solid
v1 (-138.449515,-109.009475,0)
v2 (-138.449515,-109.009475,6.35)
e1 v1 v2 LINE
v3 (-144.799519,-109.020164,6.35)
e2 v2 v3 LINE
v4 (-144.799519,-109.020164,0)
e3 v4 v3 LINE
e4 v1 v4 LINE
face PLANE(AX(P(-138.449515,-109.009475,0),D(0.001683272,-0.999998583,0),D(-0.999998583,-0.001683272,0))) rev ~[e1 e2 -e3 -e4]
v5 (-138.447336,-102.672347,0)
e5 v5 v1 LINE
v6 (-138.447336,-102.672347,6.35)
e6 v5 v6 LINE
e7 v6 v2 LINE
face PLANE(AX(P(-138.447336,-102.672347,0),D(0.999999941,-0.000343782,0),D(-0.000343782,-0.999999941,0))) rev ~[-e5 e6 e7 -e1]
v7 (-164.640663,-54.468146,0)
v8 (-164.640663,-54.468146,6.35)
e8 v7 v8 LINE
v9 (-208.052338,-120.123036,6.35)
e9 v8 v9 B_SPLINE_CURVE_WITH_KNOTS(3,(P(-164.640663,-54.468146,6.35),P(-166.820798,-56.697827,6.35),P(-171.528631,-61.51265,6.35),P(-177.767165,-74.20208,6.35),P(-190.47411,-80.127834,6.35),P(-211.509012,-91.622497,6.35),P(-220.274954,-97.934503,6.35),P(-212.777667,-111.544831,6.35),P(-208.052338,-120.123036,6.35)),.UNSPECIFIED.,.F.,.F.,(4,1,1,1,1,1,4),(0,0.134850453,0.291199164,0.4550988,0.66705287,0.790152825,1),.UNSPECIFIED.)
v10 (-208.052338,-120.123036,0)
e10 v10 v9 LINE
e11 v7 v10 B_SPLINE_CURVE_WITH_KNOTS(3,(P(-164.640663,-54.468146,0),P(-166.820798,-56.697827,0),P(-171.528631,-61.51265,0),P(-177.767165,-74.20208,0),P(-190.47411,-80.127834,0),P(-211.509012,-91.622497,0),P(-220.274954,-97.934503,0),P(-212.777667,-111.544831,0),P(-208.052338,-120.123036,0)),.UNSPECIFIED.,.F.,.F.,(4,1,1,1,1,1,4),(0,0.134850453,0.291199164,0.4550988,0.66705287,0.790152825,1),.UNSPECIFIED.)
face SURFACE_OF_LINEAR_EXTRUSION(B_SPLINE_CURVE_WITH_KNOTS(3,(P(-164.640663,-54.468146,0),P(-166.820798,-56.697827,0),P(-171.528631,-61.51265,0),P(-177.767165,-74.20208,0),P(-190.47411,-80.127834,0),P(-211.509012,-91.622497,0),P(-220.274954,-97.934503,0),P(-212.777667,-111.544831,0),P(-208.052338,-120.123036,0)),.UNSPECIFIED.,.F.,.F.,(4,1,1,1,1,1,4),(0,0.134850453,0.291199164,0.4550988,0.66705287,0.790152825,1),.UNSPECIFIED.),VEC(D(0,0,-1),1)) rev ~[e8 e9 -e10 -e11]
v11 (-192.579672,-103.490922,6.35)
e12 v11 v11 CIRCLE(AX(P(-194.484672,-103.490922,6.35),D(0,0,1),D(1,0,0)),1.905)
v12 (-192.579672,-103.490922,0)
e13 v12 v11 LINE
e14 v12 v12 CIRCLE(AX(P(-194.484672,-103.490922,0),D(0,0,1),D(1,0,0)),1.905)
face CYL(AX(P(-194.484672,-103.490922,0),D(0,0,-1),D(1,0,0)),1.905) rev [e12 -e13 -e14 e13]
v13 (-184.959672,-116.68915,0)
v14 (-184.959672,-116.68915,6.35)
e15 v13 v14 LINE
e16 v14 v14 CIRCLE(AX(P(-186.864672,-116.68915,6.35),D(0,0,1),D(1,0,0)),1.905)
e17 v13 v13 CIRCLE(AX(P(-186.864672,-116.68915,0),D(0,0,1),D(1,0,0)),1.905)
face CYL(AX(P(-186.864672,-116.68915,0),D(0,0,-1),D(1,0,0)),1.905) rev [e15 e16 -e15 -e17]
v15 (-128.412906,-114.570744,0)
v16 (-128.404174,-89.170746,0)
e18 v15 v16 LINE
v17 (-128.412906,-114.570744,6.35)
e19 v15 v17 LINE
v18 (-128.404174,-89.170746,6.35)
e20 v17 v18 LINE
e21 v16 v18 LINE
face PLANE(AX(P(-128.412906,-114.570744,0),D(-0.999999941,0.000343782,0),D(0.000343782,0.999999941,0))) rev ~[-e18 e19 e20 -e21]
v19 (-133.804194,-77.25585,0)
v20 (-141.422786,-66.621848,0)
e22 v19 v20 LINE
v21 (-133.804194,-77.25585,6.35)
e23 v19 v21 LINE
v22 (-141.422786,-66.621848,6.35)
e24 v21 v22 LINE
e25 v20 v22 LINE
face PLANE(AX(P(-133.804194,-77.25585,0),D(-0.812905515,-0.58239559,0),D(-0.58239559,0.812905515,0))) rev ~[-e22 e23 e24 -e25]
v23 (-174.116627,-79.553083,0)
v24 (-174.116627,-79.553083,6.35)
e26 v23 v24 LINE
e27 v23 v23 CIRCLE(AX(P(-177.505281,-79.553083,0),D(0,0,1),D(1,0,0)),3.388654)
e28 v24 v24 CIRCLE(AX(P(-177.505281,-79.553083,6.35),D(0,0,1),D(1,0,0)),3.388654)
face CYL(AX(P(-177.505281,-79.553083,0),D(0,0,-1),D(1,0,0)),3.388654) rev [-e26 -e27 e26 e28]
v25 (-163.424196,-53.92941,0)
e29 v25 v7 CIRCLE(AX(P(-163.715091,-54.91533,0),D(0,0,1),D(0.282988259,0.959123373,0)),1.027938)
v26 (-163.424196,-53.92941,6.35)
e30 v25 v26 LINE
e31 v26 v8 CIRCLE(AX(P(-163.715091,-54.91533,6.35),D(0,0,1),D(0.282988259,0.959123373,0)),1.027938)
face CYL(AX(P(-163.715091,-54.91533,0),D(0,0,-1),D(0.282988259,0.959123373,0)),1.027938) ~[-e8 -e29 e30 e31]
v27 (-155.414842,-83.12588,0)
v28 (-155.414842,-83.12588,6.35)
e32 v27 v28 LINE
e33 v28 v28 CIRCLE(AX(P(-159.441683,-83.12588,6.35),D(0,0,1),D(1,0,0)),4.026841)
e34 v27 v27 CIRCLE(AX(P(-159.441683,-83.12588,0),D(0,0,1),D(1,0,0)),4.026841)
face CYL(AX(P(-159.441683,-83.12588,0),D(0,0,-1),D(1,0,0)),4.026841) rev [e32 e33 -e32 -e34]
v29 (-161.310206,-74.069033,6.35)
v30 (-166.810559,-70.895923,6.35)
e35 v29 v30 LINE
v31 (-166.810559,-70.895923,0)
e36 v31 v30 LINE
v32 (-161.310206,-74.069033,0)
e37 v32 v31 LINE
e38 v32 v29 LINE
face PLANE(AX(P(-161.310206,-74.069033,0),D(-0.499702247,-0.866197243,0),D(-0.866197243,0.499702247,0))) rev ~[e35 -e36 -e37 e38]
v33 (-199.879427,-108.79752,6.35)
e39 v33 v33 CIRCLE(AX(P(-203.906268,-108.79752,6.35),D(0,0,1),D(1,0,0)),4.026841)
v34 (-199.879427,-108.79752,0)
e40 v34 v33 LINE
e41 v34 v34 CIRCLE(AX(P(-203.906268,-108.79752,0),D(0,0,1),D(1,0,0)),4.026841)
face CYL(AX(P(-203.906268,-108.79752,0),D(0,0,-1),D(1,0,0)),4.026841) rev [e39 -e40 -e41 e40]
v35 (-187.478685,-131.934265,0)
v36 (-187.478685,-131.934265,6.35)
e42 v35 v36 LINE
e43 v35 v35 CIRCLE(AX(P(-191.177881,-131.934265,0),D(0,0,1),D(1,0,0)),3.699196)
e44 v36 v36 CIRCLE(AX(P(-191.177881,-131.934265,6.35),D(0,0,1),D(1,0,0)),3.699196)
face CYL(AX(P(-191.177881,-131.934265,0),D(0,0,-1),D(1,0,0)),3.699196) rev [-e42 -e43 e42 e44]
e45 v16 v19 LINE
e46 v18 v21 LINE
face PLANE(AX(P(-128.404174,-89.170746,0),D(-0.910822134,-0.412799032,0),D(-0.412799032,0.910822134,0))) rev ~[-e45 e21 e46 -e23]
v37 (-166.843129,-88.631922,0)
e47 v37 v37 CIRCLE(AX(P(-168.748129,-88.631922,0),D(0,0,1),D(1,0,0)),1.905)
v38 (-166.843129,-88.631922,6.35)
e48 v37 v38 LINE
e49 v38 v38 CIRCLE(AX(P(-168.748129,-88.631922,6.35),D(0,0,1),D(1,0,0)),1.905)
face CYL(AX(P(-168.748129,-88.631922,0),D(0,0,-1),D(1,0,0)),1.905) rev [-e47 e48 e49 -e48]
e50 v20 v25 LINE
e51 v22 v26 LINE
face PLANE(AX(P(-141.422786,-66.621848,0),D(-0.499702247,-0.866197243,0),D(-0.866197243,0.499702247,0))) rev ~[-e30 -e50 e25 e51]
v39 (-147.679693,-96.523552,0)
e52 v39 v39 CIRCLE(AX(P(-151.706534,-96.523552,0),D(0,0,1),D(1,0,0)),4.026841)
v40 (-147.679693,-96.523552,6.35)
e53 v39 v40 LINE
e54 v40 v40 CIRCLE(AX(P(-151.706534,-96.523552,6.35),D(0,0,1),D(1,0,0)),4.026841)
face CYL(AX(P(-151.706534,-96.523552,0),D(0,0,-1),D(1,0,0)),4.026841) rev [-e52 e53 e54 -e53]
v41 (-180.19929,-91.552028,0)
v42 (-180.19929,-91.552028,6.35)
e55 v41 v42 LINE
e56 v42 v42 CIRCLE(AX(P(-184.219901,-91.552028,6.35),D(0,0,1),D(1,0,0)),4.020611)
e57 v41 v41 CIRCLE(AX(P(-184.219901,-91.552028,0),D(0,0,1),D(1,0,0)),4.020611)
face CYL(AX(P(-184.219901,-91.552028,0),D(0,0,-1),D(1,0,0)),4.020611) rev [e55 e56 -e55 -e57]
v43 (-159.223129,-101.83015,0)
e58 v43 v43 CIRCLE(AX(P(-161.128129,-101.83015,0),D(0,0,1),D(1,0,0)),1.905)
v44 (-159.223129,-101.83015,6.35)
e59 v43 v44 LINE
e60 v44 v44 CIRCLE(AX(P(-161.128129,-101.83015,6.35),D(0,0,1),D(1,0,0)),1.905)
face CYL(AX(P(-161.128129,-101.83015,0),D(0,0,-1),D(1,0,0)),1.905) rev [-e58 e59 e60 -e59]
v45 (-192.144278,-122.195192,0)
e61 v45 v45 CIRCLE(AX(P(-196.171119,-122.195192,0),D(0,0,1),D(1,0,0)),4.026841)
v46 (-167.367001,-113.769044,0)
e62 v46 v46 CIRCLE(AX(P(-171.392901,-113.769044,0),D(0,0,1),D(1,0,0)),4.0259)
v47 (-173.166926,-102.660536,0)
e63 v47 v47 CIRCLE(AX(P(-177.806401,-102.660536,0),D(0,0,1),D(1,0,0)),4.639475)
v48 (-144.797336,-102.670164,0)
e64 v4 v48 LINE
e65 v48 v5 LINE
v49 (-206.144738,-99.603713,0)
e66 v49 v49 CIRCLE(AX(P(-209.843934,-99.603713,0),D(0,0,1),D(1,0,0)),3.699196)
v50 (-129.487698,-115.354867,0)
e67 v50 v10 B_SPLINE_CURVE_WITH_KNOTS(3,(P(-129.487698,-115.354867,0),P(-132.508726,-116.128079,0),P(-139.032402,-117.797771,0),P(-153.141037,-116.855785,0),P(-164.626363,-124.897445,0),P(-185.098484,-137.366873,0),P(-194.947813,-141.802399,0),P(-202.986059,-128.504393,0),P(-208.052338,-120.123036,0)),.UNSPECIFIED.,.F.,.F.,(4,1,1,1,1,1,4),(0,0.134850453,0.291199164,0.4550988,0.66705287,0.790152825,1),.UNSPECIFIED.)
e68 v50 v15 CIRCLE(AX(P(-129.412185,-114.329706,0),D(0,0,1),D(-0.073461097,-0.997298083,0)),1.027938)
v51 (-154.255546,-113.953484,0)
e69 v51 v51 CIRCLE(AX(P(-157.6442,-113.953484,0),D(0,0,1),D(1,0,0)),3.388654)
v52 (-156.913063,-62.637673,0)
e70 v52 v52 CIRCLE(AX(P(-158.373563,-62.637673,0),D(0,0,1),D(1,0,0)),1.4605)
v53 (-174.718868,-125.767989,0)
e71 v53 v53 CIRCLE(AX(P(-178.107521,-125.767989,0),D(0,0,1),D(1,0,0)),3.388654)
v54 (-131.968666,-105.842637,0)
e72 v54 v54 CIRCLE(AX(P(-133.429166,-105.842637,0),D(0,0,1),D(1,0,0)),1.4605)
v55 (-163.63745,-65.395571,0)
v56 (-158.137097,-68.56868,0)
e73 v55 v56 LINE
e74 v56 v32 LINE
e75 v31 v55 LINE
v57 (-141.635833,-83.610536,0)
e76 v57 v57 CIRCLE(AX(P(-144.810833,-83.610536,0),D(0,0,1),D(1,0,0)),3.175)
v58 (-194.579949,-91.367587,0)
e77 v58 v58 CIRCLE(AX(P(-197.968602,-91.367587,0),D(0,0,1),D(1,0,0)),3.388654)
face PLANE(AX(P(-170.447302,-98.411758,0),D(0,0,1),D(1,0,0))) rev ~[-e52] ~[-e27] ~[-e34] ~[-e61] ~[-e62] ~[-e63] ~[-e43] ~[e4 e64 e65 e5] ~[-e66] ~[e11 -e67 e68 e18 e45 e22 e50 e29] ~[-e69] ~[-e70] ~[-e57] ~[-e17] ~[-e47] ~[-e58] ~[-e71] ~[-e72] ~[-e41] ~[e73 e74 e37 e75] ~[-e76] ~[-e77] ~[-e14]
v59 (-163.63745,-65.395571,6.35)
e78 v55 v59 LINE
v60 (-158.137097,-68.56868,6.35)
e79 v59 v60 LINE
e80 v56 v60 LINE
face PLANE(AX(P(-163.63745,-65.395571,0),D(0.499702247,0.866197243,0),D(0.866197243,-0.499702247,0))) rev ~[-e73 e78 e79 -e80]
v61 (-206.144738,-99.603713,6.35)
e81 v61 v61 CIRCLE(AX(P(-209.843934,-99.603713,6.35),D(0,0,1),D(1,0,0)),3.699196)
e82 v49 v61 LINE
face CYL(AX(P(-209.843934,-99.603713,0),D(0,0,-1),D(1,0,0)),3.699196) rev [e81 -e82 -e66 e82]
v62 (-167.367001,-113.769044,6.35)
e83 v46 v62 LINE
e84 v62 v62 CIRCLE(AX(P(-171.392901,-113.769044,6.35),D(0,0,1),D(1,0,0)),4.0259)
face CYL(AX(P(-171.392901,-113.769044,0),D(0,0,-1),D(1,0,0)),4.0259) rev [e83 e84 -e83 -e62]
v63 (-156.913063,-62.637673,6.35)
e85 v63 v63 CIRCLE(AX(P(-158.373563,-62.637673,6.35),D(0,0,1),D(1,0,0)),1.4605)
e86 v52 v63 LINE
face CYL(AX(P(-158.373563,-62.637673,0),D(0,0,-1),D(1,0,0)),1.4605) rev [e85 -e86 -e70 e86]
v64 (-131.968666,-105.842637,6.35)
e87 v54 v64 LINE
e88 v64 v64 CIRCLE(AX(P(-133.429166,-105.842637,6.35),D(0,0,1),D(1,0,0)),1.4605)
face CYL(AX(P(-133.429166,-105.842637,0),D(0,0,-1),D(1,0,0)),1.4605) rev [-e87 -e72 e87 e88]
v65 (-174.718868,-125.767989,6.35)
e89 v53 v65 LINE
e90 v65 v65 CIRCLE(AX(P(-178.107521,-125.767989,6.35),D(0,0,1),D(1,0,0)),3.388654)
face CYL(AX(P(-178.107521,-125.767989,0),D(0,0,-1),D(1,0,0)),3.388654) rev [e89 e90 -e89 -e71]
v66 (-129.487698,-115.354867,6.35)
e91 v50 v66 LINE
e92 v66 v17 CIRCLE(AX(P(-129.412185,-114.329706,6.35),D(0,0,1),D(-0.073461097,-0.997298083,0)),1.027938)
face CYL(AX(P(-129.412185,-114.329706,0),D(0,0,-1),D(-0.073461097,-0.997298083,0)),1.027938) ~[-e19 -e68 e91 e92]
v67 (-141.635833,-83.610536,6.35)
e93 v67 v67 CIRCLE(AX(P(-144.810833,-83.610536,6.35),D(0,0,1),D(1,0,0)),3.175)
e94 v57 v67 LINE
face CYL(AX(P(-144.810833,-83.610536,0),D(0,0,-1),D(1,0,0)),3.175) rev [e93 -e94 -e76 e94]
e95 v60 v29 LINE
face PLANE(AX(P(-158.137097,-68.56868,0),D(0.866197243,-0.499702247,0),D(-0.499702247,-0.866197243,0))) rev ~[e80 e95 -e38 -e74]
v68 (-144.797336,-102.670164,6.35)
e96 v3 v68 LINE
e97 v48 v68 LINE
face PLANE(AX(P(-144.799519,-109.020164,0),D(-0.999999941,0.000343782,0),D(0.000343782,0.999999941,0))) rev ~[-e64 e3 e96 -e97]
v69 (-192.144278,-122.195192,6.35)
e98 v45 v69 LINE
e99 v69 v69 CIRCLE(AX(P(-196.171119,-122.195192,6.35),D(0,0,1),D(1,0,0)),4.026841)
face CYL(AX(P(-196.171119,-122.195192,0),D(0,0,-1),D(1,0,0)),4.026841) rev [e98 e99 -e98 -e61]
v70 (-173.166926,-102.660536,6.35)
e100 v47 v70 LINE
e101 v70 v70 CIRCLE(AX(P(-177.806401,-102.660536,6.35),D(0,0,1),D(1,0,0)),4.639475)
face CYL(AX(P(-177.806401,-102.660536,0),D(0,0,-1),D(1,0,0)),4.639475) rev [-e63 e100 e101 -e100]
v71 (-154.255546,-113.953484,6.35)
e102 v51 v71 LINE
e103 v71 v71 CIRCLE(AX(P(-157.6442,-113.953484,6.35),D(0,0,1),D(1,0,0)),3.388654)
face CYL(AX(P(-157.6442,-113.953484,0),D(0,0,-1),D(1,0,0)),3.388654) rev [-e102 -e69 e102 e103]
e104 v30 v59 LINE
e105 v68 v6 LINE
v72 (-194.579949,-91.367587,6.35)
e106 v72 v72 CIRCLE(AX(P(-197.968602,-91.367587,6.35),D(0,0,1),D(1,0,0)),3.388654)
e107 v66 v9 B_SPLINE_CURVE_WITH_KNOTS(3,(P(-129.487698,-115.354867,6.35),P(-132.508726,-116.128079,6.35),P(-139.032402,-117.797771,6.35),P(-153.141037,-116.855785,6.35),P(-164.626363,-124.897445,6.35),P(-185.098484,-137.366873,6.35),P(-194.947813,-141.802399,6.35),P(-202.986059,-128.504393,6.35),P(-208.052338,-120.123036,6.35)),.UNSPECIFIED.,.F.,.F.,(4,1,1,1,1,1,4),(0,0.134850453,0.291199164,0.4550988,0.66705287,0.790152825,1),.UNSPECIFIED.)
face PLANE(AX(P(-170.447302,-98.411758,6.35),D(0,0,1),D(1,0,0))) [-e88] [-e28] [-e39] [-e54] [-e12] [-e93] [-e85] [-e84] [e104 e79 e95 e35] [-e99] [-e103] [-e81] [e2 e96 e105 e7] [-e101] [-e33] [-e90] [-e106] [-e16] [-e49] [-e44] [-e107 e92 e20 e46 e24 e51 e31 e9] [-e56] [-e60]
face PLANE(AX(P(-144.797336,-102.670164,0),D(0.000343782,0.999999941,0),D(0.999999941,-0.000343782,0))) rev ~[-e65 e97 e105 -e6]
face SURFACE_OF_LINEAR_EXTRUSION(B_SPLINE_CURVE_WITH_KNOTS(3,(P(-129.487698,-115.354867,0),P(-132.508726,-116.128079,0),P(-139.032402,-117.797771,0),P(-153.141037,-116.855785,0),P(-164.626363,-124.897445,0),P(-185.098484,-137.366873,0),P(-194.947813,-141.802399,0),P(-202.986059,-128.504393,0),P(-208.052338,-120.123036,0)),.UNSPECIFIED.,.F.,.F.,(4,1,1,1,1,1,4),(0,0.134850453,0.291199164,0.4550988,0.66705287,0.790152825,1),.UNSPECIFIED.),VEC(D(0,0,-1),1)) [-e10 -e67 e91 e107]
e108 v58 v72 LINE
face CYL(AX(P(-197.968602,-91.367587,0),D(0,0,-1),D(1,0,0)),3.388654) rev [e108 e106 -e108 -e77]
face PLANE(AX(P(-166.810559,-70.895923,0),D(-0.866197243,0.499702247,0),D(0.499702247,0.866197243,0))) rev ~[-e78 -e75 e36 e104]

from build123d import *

# Parameters (mm, degrees)
F0_R     = 3.6991956247
F0_R_2   = 4.026841149
F0_R_3   = 3.3886536063
F0_R_4   = 1.905
F0_R_5   = 4.6394749598
F0_R_6   = 4.0259
F0_R_7   = 1.4605
F0_R_8   = 4.0206111299
F0_R_9   = 3.175
F1_DEPTH = 6.35


with BuildPart() as f1:
    # F0 (on Top) → F1 (new body)
    with BuildSketch(Plane.XY):
        with BuildLine():
            Line((-141.4227864561, -66.6218475655), (-163.4241964397, -53.9294104972))
            ThreePointArc((-163.4241964397, -53.9294104972), (-164.1313397385, -53.975439652), (-164.6406632246, -54.4681463746))
            add(Edge.make_bspline(
                [(-164.6406632246, -54.4681463746), (-166.8207980796, -56.6978269307), (-171.528631351, -61.5126503269), (-177.767164735, -74.2020796991), (-190.4741100146, -80.1278343186), (-211.5090120019, -91.6224967819), (-220.2749544911, -97.9345025381), (-212.7776668762, -111.5448305395), (-208.0523381948, -120.1230359614)],
                knots=[0, 0, 0, 0, 0.1348504526, 0.2911991641, 0.4550987998, 0.6670528696, 0.7901528252, 1, 1, 1, 1], degree=3))
            add(Edge.make_bspline(
                [(-129.4876984449, -115.3548674096), (-132.5087258763, -116.1280792997), (-139.0324018879, -117.7977708115), (-153.1410367757, -116.8557845182), (-164.6263634526, -124.8974446251), (-185.0984841474, -137.3668728806), (-194.9478127257, -141.8023988863), (-202.9860587213, -128.5043933516), (-208.0523381948, -120.1230359614)],
                knots=[0, 0, 0, 0, 0.1348504526, 0.2911991641, 0.4550987998, 0.6670528696, 0.7901528252, 1, 1, 1, 1], degree=3))
            ThreePointArc((-129.4876984968, -115.3548674058), (-128.8063401905, -115.1601336713), (-128.4129061342, -114.5707441463))
            Line((-128.4129060967, -114.5707442098), (-128.404174042, -89.1707457108))
            Line((-128.404174042, -89.1707457108), (-133.8041937755, -77.255849794))
            Line((-133.8041937755, -77.255849794), (-141.4227864561, -66.6218475655))
        make_face()
        with Locations((-191.1778805534, -131.9342647815)):
            Circle(F0_R, mode=Mode.SUBTRACT)
        with Locations((-196.1711188502, -122.1951915252)):
            Circle(F0_R_2, mode=Mode.SUBTRACT)
        with Locations((-178.1075212771, -125.767988665)):
            Circle(F0_R_3, mode=Mode.SUBTRACT)
        with Locations((-209.8439335823, -99.6037125587)):
            Circle(F0_R, mode=Mode.SUBTRACT)
        with Locations((-203.9062678814, -108.7975203991)):
            Circle(F0_R_2, mode=Mode.SUBTRACT)
        with Locations((-186.8646724425, -116.6891495382)):
            Circle(F0_R_4, mode=Mode.SUBTRACT)
        with Locations((-194.4846724425, -103.4909223845)):
            Circle(F0_R_4, mode=Mode.SUBTRACT)
        with Locations((-177.8064009676, -102.6605359614)):
            Circle(F0_R_5, mode=Mode.SUBTRACT)
        with Locations((-171.3929009676, -113.7690438157)):
            Circle(F0_R_6, mode=Mode.SUBTRACT)
        with Locations((-157.6441997548, -113.9534844755)):
            Circle(F0_R_3, mode=Mode.SUBTRACT)
        with Locations((-161.1281294928, -101.8301495382)):
            Circle(F0_R_4, mode=Mode.SUBTRACT)
        Polygon((-144.7995185789, -109.020163878), (-144.7973355651, -102.67016399), (-138.4473359404, -102.6723470036), (-138.449514529, -109.009475081), align=None, mode=Mode.SUBTRACT)
        with Locations((-133.4291656805, -105.8426365719)):
            Circle(F0_R_7, mode=Mode.SUBTRACT)
        with Locations((-197.9686021805, -91.3675874472)):
            Circle(F0_R_3, mode=Mode.SUBTRACT)
        with Locations((-184.2199009676, -91.552028107)):
            Circle(F0_R_8, mode=Mode.SUBTRACT)
        with Locations((-177.5052806582, -79.5530832577)):
            Circle(F0_R_3, mode=Mode.SUBTRACT)
        with Locations((-168.7481294928, -88.6319223845)):
            Circle(F0_R_4, mode=Mode.SUBTRACT)
        with Locations((-151.7065340539, -96.5235515236)):
            Circle(F0_R_2, mode=Mode.SUBTRACT)
        with Locations((-159.4416830851, -83.1258803975)):
            Circle(F0_R_2, mode=Mode.SUBTRACT)
        with Locations((-144.8108330835, -83.6105359613)):
            Circle(F0_R_9, mode=Mode.SUBTRACT)
        Polygon((-158.1370971167, -68.5686802574), (-161.3102063838, -74.0690327533), (-166.8105591077, -70.8959233546), (-163.6374498407, -65.3955708587), align=None, mode=Mode.SUBTRACT)
        with Locations((-158.3735632902, -62.6376725477)):
            Circle(F0_R_7, mode=Mode.SUBTRACT)
    extrude(amount=F1_DEPTH)


solid = f1.part
